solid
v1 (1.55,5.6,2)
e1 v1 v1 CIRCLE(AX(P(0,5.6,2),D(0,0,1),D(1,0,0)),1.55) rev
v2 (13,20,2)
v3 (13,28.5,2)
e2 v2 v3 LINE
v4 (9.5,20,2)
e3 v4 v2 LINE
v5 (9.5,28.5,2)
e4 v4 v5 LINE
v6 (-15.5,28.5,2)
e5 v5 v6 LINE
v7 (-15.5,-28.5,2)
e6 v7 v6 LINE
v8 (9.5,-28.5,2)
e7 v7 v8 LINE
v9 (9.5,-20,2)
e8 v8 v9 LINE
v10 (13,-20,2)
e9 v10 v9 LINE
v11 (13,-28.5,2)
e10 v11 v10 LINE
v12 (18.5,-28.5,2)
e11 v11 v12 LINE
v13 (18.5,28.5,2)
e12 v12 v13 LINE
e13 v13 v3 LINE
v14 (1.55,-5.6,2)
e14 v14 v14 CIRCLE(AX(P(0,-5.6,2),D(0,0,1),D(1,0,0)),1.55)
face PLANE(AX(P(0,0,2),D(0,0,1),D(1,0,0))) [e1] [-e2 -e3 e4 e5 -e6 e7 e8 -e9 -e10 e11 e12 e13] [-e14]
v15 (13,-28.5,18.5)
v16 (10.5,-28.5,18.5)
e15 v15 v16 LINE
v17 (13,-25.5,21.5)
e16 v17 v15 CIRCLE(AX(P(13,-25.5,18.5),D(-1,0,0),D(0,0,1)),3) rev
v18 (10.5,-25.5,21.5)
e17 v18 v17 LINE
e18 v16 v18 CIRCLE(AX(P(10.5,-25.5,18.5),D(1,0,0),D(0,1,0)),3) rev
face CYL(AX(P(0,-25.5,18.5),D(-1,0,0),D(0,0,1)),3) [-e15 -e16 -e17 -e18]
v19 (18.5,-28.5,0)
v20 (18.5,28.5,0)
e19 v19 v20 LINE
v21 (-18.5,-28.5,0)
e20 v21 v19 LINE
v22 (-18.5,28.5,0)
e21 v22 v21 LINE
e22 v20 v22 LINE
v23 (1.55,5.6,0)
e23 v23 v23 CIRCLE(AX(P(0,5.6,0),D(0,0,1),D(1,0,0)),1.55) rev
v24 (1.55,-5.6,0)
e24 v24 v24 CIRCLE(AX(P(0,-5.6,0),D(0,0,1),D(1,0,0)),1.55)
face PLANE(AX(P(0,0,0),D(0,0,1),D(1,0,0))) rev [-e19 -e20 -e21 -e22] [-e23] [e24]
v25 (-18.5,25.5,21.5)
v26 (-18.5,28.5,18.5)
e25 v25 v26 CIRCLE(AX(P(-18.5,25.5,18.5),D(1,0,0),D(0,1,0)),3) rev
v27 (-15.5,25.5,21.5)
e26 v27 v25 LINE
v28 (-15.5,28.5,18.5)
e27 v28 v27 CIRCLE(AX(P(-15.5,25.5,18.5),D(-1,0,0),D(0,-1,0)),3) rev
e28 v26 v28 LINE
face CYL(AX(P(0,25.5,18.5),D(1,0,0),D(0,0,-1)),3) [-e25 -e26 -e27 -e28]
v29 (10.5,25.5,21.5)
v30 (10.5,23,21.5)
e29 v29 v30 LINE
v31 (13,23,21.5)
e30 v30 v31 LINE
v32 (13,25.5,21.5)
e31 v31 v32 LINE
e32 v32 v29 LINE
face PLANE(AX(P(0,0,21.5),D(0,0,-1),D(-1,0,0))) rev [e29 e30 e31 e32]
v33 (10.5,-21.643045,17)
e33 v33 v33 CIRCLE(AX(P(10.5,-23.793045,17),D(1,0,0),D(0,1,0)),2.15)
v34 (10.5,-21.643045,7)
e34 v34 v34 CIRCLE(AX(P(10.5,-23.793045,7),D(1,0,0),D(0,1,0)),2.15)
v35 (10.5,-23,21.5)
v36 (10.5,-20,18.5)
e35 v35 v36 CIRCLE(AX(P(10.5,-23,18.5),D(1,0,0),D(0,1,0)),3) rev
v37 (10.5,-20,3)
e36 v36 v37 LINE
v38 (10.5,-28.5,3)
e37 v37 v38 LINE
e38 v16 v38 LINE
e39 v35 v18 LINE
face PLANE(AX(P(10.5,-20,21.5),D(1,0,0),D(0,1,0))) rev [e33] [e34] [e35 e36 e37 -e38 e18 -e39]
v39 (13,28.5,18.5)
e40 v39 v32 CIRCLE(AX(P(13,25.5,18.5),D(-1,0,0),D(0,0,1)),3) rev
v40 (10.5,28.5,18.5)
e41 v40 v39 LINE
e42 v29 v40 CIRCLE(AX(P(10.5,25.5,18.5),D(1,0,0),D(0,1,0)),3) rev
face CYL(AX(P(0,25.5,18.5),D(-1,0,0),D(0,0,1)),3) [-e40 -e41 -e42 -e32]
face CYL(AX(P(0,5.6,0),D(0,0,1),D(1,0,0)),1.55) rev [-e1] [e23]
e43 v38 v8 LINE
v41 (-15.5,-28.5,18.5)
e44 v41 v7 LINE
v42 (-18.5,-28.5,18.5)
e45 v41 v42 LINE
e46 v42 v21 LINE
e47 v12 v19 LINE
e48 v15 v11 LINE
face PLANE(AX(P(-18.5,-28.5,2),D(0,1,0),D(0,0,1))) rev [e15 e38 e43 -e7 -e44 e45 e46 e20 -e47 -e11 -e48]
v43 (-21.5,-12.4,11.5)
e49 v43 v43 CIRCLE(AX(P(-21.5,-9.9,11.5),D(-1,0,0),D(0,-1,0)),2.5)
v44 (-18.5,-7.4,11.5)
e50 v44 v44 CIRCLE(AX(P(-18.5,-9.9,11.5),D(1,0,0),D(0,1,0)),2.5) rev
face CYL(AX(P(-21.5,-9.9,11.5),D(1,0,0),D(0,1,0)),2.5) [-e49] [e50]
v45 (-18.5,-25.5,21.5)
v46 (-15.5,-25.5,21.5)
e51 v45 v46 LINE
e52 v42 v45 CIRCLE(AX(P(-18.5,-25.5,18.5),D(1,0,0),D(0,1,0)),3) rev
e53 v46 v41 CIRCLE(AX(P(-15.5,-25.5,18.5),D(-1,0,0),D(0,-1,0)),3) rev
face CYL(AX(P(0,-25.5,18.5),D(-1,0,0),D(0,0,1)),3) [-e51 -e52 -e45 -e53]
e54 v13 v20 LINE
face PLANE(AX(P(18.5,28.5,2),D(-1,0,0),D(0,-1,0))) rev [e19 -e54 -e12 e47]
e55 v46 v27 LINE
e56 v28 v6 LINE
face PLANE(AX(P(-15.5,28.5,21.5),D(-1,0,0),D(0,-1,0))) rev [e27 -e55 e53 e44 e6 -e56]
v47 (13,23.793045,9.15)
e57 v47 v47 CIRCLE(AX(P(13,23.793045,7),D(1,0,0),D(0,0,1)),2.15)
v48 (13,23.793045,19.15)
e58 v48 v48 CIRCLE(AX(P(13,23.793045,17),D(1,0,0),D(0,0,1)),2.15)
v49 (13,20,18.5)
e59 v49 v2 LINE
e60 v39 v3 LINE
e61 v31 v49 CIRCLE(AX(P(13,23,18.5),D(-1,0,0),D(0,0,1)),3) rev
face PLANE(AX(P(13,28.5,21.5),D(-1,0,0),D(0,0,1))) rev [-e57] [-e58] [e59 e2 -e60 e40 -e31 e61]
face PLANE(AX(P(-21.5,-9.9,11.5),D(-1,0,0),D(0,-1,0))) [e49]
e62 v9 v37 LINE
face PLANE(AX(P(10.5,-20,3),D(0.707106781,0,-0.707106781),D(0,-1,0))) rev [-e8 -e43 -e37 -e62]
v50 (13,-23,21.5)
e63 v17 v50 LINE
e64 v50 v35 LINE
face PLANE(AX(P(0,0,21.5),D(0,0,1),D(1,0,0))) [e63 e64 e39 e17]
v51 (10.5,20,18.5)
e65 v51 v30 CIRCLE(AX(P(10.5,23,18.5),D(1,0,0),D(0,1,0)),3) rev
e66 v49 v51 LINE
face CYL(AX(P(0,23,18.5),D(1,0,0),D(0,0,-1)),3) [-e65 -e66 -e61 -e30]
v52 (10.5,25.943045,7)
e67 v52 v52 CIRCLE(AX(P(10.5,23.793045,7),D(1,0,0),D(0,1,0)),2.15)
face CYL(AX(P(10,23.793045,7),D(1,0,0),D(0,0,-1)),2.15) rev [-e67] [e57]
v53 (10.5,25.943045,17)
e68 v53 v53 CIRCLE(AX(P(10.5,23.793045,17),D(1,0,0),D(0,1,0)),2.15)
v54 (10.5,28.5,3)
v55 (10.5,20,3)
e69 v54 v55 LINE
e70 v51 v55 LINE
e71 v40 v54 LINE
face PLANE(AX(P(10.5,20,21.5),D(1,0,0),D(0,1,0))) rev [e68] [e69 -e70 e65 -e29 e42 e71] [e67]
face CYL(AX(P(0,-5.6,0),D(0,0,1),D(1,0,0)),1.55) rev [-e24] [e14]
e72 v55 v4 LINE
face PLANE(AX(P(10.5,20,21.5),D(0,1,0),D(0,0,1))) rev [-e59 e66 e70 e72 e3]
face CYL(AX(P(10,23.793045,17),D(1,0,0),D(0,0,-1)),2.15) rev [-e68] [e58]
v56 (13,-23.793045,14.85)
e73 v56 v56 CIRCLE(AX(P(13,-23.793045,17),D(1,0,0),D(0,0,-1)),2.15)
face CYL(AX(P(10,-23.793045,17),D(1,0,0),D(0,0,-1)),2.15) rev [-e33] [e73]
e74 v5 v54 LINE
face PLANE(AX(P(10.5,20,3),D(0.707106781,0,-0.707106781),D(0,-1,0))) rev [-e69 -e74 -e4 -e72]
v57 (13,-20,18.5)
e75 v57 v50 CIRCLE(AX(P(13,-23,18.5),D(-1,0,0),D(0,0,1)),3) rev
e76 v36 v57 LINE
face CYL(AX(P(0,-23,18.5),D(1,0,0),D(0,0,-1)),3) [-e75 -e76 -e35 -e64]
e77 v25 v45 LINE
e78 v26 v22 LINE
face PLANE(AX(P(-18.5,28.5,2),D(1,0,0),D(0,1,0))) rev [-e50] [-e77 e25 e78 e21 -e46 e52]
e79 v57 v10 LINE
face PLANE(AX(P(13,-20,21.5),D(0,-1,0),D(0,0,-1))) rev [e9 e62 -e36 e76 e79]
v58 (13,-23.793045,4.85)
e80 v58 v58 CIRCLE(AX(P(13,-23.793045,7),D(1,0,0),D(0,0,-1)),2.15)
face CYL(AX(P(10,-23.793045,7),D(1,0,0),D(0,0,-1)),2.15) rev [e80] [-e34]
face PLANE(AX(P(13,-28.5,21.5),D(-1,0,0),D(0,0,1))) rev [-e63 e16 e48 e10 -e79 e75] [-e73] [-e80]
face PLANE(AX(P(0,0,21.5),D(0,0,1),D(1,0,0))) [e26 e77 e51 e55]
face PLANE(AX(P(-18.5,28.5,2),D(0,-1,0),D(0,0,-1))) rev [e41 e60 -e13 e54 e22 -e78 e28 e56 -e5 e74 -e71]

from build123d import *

# Parameters (mm, degrees)
SKETCH_1_W          = 37
SKETCH_1_H          = 57
EXTRUDE_1_DEPTH     = 2
SKETCH_2_W          = 3
SKETCH_2_H          = 57
EXTRUDE_2_DEPTH     = 19.5
SKETCH_3_W          = 2.5
SKETCH_3_H          = 8.5
EXTRUDE_3_DEPTH     = 19.5
SKETCH_4_R          = 1.55
CUT_EXTRUDE_1_DEPTH = 40.17588544
SKETCH_6_R          = 2.5
EXTRUDE_4_DEPTH     = 3
SKETCH_7_R          = 2.15
CUT_EXTRUDE_2_DEPTH = 3
FILLET_1_R          = 3
CHAMFER_2_SIZE      = 1


with BuildPart() as part:
    # 草图1 → 凸台-拉伸1 (new body)
    with BuildSketch(Plane.XY):
        Rectangle(SKETCH_1_W, SKETCH_1_H)
    extrude(amount=EXTRUDE_1_DEPTH)

    # 草图2 → 凸台-拉伸2 (add)
    with BuildSketch(Plane.XY.offset(2)):
        with Locations((-17, 0)):
            Rectangle(SKETCH_2_W, SKETCH_2_H)
    extrude(amount=EXTRUDE_2_DEPTH)

    # 草图3 → 凸台-拉伸3 (add)
    with BuildSketch(Plane.XY.offset(2)):
        with Locations((11.75, -24.25)):
            Rectangle(SKETCH_3_W, SKETCH_3_H)
        with Locations((11.75, 24.25)):
            Rectangle(SKETCH_3_W, SKETCH_3_H)
    extrude(amount=EXTRUDE_3_DEPTH)

    # 草图4 → 切除-拉伸1 (cut, through all)
    with BuildSketch(Plane.XY.offset(2)):
        with Locations((0, 5.6)):
            Circle(SKETCH_4_R)
        with Locations((0, -5.6)):
            Circle(SKETCH_4_R)
    extrude(amount=-CUT_EXTRUDE_1_DEPTH, mode=Mode.SUBTRACT)

    # 草图6 → 凸台-拉伸4 (add)
    with BuildSketch(Plane.ZY.offset(18.5)):
        with Locations(Location((11.5, -9.9, 0), (0, 0, 90))):
            Circle(SKETCH_6_R)
    extrude(amount=EXTRUDE_4_DEPTH)

    # 草图7 → 切除-拉伸2 (cut)
    with BuildSketch(Plane(origin=(13, 0, 0), x_dir=(0, 0, -1), z_dir=(1, 0, 0))):
        with Locations((-17, -23.793044535)):
            Circle(SKETCH_7_R)
        with Locations((-7, -23.793044535)):
            Circle(SKETCH_7_R)
        with Locations(Location((-7, 23.793044535, 0), (0, 0, 90))):
            Circle(SKETCH_7_R)
        with Locations(Location((-17, 23.793044535, 0), (0, 0, 90))):
            Circle(SKETCH_7_R)
    extrude(amount=-CUT_EXTRUDE_2_DEPTH, mode=Mode.SUBTRACT)

    # 圆角1
    fillet_1_edges = [part.edges().sort_by_distance(p)[0] for p in [
        (-17, -28.5, 21.5),
        (-17, 28.5, 21.5),
        (11.75, -28.5, 21.5),
        (11.75, -20, 21.5),
        (11.75, 20, 21.5),
        (11.75, 28.5, 21.5),
    ]]
    fillet(fillet_1_edges, radius=FILLET_1_R)

    # 倒角2
    chamfer_2_edges = [part.edges().sort_by_distance(p)[0] for p in [
        (10.5, -24.25, 2),
        (10.5, 24.25, 2),
    ]]
    chamfer(chamfer_2_edges, length=CHAMFER_2_SIZE)


solid = part.part
